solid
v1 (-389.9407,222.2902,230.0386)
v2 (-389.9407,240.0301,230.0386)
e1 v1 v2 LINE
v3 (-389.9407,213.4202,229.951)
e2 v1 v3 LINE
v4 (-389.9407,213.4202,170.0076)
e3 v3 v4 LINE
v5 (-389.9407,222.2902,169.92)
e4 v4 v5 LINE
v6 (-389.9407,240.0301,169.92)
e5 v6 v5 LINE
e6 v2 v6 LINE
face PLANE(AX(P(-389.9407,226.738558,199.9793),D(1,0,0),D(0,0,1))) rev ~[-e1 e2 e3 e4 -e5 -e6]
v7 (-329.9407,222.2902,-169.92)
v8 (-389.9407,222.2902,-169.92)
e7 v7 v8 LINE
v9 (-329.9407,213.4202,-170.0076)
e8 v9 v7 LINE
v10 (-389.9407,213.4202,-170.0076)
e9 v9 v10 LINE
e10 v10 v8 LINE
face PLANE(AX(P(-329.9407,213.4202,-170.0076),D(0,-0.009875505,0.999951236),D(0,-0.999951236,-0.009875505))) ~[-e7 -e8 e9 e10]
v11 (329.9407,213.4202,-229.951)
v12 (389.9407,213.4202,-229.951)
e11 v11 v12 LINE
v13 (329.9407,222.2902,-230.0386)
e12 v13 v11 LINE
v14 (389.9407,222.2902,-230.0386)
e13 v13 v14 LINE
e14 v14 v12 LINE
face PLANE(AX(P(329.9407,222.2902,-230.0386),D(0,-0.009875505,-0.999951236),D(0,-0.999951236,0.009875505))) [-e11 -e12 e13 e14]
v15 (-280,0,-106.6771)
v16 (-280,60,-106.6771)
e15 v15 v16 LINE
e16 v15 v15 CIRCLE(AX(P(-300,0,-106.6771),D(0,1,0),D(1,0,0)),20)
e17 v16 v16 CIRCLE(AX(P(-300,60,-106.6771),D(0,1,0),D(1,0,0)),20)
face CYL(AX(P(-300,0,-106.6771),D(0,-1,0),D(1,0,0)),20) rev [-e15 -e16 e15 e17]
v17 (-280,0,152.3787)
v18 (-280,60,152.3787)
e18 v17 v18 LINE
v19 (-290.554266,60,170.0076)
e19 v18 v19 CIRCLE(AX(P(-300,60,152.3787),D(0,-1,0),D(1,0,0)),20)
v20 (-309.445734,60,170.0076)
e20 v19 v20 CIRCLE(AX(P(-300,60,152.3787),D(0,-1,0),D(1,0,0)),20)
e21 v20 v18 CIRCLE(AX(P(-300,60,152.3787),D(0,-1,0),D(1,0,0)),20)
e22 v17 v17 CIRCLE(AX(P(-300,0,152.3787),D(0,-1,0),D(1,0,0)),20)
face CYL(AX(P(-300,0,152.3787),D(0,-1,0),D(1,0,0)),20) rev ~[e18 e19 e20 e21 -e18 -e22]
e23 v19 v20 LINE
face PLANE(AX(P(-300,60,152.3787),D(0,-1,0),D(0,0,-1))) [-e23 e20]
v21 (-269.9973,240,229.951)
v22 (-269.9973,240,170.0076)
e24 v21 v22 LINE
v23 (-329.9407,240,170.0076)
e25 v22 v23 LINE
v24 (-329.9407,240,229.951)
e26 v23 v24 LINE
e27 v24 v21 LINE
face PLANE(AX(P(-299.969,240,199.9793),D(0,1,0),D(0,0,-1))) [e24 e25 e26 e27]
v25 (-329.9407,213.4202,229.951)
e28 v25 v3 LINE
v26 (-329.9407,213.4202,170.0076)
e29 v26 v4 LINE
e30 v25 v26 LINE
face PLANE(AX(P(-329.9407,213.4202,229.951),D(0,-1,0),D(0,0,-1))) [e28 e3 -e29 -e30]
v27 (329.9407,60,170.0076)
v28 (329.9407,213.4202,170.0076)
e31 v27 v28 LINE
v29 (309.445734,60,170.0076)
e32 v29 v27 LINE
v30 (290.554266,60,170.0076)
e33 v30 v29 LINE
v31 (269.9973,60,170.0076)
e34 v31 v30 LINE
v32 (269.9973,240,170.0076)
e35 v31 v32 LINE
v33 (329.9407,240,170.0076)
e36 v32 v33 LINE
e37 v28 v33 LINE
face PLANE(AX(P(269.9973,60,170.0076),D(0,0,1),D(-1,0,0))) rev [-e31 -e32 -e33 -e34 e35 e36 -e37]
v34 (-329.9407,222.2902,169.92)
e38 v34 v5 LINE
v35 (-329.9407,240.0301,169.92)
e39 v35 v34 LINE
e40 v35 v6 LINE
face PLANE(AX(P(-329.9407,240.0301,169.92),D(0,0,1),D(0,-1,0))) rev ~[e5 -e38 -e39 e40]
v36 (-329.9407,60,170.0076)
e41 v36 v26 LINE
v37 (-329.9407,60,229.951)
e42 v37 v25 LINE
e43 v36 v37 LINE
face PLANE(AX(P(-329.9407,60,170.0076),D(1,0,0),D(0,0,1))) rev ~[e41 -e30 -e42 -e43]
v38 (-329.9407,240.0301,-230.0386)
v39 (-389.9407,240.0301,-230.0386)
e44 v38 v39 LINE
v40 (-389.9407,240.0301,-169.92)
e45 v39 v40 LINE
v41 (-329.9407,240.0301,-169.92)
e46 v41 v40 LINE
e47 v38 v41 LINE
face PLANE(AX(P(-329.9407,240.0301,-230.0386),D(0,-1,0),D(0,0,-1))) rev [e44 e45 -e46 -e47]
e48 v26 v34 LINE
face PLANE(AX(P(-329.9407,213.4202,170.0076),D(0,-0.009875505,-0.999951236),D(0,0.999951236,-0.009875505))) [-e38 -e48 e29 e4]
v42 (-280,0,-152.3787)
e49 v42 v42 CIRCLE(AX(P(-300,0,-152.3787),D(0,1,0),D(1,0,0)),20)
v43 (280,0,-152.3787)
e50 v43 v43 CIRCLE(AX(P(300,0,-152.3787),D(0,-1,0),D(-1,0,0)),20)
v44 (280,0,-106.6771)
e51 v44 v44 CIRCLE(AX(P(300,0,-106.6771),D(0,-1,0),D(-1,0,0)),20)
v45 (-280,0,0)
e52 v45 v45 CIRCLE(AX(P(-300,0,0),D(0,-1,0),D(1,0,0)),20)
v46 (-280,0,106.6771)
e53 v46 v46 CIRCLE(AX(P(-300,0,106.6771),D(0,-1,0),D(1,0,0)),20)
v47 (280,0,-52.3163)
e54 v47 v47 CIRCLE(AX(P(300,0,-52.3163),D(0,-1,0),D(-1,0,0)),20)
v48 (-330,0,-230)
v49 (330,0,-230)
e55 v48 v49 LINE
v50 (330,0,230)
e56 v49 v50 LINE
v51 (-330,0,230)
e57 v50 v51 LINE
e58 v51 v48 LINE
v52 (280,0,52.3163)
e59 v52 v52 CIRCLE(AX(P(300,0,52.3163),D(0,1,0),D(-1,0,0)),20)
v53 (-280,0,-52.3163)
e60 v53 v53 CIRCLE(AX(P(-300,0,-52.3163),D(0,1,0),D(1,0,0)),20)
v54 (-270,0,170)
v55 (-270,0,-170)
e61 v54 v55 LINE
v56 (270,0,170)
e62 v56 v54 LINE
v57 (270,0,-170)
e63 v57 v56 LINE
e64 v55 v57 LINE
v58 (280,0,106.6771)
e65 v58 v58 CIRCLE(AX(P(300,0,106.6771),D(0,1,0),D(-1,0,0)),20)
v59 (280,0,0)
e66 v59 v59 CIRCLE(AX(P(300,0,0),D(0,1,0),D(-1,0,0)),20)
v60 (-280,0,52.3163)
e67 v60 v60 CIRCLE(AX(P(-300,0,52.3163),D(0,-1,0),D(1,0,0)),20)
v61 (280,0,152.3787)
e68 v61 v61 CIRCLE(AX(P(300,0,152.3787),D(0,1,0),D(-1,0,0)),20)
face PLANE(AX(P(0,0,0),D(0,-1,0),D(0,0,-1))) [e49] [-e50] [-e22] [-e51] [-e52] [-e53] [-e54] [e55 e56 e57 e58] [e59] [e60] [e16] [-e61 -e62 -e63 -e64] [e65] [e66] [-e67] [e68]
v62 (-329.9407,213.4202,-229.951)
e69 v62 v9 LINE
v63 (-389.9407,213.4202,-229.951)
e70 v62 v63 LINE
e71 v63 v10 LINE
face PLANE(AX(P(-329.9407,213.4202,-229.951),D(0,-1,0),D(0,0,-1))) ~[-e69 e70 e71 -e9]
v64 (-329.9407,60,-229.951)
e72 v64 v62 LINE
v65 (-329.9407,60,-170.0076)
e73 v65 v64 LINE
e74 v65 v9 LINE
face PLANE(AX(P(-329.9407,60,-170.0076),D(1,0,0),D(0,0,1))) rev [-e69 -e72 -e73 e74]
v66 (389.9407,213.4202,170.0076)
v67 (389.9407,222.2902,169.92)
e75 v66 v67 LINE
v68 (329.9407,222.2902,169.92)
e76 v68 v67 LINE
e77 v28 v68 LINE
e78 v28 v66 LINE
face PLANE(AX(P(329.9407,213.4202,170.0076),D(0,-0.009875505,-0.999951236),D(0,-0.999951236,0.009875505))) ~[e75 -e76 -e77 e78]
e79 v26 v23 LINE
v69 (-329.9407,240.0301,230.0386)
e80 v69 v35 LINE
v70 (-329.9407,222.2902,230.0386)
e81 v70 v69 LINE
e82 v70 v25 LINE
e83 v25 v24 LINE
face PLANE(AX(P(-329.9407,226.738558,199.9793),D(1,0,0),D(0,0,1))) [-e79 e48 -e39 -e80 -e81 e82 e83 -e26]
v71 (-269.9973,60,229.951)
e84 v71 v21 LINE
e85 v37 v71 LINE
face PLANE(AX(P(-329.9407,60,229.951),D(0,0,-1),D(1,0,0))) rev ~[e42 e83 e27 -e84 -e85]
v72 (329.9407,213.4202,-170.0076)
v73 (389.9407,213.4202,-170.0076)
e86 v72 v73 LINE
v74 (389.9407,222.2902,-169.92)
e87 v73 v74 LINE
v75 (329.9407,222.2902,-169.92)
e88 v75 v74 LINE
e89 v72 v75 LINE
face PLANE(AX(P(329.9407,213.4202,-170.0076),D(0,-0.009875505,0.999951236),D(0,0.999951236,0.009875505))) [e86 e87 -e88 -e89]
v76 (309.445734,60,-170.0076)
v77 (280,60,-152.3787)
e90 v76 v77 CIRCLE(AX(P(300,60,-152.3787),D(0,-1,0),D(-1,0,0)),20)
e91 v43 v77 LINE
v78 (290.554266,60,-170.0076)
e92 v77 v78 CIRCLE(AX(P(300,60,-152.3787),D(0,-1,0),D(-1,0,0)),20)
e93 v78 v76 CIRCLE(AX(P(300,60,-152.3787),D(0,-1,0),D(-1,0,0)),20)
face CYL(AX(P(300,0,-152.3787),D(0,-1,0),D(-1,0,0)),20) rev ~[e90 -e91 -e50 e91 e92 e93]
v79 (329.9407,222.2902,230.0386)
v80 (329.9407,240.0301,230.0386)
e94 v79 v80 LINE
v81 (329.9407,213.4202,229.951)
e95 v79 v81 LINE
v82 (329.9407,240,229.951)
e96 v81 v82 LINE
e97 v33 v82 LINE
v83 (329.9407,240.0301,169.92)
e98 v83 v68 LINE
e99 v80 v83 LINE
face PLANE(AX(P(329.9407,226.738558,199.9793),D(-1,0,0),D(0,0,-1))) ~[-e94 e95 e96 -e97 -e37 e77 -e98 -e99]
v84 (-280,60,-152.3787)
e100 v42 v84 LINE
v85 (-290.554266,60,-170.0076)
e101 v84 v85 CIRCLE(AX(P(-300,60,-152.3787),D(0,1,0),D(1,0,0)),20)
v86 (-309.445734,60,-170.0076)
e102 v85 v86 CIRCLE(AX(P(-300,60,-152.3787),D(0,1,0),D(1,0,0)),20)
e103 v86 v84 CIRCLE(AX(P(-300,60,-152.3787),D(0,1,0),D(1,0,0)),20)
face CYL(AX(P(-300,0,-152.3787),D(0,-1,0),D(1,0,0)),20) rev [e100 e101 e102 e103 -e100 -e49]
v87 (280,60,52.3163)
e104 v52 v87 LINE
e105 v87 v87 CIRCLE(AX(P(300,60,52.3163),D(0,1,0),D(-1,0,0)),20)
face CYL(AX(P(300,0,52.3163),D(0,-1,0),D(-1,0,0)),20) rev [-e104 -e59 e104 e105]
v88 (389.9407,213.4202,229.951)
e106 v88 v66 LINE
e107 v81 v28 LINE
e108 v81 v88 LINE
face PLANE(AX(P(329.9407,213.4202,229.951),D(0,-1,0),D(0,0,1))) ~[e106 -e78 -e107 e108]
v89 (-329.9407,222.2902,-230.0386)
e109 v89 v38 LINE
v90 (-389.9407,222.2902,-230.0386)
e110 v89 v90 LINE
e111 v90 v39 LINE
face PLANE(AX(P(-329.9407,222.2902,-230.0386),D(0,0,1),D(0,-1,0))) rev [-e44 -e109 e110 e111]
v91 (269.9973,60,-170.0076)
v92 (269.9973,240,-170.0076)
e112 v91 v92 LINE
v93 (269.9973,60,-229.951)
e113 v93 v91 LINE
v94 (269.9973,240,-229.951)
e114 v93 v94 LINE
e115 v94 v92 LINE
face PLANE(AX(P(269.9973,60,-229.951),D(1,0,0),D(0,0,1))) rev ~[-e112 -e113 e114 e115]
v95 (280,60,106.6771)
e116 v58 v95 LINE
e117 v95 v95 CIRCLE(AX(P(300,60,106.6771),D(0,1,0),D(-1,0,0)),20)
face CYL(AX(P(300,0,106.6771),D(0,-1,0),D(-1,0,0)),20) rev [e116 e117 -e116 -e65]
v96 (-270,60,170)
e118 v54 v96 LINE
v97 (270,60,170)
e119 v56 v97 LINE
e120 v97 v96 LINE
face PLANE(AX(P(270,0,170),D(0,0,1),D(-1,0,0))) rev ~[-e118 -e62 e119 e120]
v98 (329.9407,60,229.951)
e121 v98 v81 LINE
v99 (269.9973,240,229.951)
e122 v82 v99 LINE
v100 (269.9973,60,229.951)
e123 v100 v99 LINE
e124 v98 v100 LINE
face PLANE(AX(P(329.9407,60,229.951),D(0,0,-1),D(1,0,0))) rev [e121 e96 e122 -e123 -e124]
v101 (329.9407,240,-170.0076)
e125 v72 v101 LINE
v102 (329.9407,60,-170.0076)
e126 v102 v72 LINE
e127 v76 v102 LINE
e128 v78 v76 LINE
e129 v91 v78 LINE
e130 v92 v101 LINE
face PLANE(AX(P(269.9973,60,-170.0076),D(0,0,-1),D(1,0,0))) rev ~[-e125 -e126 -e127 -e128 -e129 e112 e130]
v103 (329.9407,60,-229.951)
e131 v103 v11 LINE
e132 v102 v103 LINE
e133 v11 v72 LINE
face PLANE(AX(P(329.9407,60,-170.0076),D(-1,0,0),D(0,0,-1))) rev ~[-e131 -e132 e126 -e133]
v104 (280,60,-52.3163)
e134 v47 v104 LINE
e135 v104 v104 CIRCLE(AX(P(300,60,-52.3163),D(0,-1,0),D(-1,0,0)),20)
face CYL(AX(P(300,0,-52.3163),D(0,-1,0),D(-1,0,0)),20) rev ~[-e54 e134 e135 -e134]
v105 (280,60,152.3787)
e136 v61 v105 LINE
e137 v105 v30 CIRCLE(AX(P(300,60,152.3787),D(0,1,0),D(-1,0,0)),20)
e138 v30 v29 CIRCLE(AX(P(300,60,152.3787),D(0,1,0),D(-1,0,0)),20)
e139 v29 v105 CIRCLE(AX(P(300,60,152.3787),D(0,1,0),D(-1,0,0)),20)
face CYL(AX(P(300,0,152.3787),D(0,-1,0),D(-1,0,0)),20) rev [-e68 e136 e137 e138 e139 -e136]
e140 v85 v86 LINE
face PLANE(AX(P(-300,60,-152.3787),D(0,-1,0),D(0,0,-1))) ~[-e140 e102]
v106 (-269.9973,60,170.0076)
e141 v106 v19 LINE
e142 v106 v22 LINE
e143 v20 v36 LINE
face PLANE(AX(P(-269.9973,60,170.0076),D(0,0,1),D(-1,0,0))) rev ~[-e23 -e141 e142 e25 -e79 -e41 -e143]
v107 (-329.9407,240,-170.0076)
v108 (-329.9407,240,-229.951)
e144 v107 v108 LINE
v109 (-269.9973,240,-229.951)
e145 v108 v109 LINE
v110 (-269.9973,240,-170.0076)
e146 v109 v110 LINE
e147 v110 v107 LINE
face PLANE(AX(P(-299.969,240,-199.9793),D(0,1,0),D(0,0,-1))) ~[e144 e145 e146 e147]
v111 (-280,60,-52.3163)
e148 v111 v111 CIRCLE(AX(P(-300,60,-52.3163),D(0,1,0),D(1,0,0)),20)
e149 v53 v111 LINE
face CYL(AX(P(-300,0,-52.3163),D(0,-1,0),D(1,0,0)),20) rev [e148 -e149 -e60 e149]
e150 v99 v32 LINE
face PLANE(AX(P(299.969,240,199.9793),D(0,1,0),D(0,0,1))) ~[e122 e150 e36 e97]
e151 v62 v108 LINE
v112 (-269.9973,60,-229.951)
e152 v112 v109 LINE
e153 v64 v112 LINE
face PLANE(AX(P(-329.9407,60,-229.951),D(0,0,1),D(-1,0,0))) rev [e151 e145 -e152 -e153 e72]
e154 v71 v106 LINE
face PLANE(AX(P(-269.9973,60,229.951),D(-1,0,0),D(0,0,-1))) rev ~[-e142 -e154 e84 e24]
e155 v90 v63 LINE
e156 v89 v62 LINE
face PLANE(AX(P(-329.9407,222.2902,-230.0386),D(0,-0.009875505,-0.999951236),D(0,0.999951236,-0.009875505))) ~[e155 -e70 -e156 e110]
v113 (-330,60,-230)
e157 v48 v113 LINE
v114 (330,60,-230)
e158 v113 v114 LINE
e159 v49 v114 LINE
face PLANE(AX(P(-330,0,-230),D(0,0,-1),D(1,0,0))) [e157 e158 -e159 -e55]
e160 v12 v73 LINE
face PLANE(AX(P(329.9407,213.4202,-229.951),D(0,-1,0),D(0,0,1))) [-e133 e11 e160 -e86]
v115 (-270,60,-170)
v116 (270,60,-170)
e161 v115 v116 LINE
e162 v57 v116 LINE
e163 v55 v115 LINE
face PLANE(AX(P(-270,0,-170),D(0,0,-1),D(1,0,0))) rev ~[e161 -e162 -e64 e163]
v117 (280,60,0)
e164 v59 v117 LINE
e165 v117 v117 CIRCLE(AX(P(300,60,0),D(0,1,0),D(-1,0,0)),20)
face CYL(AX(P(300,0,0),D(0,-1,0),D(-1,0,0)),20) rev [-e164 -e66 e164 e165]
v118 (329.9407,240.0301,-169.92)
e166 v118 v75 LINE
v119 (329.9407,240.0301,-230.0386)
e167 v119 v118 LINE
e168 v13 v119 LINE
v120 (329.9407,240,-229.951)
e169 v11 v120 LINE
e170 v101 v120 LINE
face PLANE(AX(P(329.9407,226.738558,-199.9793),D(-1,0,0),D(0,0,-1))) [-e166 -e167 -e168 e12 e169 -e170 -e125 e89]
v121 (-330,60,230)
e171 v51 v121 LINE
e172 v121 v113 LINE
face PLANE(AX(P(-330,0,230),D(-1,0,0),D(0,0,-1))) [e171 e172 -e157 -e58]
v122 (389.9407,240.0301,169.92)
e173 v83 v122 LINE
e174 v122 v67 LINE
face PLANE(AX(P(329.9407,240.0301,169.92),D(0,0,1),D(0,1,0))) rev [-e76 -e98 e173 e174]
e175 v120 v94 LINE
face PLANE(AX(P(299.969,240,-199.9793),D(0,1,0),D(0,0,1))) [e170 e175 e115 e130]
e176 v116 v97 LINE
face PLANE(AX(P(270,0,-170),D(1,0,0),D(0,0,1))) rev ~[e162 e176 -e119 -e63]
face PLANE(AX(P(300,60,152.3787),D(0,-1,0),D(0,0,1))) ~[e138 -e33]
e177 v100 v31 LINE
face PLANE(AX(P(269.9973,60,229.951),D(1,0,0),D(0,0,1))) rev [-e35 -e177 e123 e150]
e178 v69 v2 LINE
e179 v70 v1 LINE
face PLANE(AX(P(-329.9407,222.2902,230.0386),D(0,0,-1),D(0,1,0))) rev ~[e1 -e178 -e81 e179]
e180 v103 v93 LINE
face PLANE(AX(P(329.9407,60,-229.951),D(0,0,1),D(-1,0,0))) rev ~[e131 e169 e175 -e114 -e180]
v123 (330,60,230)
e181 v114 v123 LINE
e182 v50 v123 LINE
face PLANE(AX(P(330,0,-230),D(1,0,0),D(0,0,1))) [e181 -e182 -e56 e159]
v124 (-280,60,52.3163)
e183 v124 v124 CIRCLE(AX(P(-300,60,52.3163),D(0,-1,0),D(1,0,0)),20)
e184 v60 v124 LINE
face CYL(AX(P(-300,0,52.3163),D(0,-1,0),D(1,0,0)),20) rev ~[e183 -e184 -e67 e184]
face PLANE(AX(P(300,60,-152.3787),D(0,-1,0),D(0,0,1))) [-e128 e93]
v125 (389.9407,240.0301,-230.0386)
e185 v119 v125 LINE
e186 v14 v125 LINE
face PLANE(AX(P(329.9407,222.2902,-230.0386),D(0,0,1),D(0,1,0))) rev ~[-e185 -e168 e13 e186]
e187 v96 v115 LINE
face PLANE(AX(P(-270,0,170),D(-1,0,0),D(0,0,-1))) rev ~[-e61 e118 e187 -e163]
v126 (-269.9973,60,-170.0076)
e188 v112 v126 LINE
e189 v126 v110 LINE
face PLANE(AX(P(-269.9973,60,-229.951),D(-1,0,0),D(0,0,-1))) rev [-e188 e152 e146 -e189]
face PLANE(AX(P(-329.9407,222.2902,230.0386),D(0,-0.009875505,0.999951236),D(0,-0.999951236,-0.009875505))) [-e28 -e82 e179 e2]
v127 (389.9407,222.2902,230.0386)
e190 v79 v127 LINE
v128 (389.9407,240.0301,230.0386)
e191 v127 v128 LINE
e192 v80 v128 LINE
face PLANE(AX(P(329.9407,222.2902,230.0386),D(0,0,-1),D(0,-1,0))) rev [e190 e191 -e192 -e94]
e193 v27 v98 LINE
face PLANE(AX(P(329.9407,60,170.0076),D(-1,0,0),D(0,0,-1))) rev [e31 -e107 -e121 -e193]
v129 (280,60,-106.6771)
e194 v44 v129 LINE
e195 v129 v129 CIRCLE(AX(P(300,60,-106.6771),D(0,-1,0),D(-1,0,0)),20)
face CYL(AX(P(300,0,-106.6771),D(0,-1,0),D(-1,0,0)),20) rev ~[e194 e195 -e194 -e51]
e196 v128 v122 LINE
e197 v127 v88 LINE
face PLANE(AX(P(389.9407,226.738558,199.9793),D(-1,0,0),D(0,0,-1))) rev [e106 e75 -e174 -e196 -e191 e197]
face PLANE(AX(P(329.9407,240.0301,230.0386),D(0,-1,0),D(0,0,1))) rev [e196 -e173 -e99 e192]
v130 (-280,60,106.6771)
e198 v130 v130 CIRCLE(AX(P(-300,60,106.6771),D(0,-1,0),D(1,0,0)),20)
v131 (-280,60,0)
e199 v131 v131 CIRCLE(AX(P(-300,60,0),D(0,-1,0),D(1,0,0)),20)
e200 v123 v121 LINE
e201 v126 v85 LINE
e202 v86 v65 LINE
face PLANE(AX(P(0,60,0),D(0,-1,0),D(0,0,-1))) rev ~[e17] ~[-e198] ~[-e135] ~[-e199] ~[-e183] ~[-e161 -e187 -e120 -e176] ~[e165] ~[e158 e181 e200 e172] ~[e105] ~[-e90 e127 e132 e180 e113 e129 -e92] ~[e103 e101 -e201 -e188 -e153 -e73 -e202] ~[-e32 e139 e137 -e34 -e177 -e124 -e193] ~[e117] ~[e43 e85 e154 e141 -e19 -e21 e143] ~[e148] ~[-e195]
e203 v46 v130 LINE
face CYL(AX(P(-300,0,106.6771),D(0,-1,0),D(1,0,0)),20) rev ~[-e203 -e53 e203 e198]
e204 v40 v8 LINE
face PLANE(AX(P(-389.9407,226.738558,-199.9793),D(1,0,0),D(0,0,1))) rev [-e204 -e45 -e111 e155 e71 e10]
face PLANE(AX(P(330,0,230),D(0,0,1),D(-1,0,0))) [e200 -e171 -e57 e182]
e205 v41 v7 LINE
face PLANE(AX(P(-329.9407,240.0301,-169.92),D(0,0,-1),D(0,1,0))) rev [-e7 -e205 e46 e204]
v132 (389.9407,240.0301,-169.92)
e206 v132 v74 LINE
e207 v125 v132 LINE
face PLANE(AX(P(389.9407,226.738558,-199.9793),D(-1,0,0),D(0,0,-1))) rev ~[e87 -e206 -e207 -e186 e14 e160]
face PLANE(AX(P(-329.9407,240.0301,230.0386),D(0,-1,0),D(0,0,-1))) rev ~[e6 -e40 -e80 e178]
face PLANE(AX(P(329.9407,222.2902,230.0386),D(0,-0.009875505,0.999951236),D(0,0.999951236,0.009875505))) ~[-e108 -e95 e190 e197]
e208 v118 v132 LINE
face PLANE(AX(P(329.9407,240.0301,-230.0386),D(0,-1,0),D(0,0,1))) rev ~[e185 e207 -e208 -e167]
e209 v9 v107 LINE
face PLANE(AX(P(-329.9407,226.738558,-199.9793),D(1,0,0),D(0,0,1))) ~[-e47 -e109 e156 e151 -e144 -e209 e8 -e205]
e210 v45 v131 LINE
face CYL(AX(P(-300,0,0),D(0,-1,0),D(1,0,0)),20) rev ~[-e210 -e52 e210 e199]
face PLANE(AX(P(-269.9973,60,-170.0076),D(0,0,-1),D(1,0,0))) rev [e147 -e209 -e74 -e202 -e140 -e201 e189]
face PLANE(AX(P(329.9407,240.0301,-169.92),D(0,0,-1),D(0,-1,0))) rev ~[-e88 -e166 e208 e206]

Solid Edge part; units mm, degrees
sketch "Sketch1" plane through (0, 0, 0) normal (0, -1, 0) x (1, 0, 0)
  line L0 (270, 170) -> (-270, 170)
  line L1 (-270, 170) -> (-270, -170)
  line L2 (-270, -170) -> (270, -170)
  line L3 (270, -170) -> (270, 170)
  line L4 (330, 230) -> (-330, 230)
  line L5 (-330, 230) -> (-330, -230)
  line L6 (-330, -230) -> (330, -230)
  line L7 (330, -230) -> (330, 230)
  dimension "D1" = 60
extrude "Protrusion1" add sketch "Sketch1" against normal blind 60
sketch "Sketch2" plane through (0, 60, 0) normal (0, 1, 0) x (1, 0, 0)
  line L0 (269.9973, 170.0076) -> (329.9407, 170.0076)
  line L1 (329.9407, 170.0076) -> (329.9407, 229.951)
  line L2 (329.9407, 229.951) -> (269.9973, 229.951)
  line L3 (269.9973, 229.951) -> (269.9973, 170.0076)
extrude "ExtrudedProtrusion_2" add sketch "Sketch2" along normal blind 180
sketch "Sketch3" plane through (329.9407, 150, -199.9793) normal (1, 0, 0) x (0, 0, 1)
  line L0 (-29.9717, -63.4202) -> (29.9717, -63.4202)
  line L1 (29.9717, -63.4202) -> (30.0593, -72.2902)
  line L2 (30.0593, -90.0301) -> (30.0593, -72.2902)
  line L3 (-30.0593, -90.0301) -> (30.0593, -90.0301)
  line L4 (-30.0593, -72.2902) -> (-30.0593, -90.0301)
  line L5 (-30.0593, -72.2902) -> (-29.9717, -63.4202)
extrude "ExtrudedProtrusion_3" add sketch "Sketch3" along normal blind 60
mirror "Mirror1" about plane through (0, 0, 0) normal (-1, 0, 0) of "ExtrudedProtrusion_2", "ExtrudedProtrusion_3"
mirror "Mirror2" about plane through (0, 0, 0) normal (0, 0, 1) of "ExtrudedProtrusion_2", "ExtrudedProtrusion_3"
mirror "Mirror3" about plane through (0, 0, 0) normal (0, 0, 1) of "Mirror1"
sketch "Sketch4" plane through (0, 0, 0) normal (0, -1, 0) x (1, 0, 0)
  circle A0 centre (-300, 152.3787) radius 20
  circle A1 centre (-300, 106.6771) radius 20
  circle A2 centre (-300, 52.3163) radius 20
  circle A3 centre (-300, 0) radius 20
extrude "ExtrudedCutout_8" cut sketch "Sketch4" against normal blind 60
mirror "Mirror4" about plane through (0, 0, 0) normal (-1, 0, 0) of "ExtrudedCutout_8"
mirror "Mirror5" about plane through (0, 0, 0) normal (0, 0, -1) of "ExtrudedCutout_8", "Mirror4"
